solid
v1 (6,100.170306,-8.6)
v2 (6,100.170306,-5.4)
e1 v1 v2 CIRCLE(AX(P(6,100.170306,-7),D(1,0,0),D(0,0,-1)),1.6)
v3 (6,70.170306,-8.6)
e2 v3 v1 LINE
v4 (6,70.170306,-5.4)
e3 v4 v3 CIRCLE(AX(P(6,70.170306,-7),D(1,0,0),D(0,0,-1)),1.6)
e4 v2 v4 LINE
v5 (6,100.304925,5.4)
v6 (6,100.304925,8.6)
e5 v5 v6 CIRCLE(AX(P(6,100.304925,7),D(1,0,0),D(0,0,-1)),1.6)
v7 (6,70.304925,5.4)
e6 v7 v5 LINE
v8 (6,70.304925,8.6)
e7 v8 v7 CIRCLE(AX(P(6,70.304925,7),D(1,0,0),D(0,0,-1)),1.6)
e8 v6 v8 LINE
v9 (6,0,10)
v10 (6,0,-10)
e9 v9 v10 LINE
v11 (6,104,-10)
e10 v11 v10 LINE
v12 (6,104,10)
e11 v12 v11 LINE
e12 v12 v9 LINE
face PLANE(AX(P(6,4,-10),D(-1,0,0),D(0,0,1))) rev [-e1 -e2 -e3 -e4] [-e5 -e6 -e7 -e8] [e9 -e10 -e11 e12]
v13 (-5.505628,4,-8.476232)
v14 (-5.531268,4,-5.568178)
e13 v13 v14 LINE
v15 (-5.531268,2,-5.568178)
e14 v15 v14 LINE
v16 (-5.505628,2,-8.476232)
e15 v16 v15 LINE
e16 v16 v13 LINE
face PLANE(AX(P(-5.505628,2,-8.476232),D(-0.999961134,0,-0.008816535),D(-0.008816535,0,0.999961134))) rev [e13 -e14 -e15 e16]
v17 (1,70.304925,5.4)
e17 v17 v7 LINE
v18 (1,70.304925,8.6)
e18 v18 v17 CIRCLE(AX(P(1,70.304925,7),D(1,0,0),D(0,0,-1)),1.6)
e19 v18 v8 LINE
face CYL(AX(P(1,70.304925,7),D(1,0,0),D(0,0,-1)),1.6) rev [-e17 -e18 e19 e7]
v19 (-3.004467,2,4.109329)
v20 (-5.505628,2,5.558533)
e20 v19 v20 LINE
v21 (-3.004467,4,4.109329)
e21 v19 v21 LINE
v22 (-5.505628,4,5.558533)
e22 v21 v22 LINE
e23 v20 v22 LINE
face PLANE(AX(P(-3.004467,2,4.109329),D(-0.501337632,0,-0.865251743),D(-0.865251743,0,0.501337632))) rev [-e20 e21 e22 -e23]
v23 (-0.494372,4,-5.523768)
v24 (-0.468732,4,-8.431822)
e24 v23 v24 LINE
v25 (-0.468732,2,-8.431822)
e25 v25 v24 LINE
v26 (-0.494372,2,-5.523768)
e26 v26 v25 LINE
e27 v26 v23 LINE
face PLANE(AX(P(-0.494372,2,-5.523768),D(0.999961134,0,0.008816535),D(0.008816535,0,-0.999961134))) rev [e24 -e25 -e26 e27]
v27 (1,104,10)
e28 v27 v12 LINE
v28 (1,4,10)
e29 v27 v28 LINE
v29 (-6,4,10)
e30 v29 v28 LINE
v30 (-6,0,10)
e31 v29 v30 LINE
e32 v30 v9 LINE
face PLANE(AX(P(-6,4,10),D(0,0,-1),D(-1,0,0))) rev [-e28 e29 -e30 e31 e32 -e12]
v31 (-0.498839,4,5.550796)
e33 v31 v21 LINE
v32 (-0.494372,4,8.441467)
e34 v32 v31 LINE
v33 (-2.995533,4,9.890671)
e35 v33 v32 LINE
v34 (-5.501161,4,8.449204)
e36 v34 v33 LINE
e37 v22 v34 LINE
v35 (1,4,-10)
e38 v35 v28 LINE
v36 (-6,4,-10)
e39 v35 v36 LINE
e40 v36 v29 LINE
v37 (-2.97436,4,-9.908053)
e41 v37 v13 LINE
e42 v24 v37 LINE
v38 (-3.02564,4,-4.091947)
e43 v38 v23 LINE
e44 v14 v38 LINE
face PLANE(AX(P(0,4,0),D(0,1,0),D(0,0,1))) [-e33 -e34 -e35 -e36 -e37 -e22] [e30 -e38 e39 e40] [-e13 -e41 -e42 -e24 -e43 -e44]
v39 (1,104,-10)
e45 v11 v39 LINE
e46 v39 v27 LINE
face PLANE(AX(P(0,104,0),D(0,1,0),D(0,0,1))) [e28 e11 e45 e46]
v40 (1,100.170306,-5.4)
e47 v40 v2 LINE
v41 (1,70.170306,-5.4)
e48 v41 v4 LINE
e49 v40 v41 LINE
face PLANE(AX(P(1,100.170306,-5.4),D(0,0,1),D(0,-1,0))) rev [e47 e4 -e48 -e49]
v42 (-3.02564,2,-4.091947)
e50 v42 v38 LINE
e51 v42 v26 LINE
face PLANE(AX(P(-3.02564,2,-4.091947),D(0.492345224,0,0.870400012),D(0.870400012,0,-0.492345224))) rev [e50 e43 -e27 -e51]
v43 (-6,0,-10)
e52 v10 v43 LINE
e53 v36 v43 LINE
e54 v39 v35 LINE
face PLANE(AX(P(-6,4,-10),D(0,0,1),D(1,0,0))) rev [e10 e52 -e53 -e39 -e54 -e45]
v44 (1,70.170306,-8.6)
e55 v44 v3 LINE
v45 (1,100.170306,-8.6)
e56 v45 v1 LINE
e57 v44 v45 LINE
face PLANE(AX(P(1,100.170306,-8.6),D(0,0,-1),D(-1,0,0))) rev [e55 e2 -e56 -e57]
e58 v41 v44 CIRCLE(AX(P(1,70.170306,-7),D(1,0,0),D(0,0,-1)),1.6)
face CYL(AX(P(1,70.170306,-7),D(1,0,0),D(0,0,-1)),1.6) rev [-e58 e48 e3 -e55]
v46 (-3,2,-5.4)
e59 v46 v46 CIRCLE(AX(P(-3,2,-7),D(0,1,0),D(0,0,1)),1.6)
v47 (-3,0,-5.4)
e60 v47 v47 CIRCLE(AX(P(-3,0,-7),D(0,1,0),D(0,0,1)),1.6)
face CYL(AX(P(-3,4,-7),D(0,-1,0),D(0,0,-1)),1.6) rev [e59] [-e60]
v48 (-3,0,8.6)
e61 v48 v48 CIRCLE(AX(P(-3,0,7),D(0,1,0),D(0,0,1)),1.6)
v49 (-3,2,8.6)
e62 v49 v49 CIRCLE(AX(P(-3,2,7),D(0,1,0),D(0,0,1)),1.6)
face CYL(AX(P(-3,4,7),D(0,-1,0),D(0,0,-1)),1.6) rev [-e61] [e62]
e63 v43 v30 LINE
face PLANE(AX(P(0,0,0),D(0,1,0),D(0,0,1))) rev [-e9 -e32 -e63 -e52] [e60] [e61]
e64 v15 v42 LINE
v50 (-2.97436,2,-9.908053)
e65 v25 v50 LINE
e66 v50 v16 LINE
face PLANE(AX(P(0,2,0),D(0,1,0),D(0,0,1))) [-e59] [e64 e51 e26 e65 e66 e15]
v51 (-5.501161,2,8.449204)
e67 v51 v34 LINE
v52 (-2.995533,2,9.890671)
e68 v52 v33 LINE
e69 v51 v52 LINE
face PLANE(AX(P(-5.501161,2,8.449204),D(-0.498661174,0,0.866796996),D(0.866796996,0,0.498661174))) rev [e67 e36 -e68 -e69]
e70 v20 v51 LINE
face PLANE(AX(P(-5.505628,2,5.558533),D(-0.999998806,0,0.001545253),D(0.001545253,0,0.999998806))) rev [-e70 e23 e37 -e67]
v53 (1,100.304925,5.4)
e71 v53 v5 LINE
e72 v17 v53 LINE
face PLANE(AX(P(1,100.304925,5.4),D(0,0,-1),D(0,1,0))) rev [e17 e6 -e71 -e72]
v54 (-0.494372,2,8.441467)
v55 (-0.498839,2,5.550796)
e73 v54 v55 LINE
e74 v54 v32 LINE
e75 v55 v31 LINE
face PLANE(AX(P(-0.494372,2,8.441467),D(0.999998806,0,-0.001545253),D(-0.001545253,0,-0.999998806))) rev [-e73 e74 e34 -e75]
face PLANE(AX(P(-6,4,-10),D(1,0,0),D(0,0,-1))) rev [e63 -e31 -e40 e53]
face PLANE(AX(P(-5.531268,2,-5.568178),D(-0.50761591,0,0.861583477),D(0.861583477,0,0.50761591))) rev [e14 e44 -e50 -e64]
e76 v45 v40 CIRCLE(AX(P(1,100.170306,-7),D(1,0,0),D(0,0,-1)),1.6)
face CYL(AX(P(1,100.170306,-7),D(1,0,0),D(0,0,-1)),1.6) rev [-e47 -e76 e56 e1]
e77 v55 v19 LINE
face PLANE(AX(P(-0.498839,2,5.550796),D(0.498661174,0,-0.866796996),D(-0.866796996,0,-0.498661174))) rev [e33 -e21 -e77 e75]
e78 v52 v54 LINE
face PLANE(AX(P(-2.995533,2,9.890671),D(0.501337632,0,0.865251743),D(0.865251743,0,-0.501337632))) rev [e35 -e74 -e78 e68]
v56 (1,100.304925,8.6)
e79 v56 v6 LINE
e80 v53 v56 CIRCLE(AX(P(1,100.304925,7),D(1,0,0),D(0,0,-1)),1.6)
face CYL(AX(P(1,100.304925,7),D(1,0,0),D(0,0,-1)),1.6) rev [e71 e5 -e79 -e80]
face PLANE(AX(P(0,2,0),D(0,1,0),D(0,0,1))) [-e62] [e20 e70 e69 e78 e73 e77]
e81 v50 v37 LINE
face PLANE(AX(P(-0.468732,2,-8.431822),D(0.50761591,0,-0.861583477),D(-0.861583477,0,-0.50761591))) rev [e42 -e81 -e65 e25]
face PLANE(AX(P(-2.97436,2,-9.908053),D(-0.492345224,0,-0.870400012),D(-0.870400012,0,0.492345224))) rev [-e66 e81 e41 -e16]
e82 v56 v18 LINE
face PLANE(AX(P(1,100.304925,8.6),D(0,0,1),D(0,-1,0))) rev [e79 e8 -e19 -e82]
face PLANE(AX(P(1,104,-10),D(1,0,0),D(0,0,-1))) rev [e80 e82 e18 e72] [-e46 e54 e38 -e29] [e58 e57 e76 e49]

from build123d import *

# Parameters (mm, degrees)
SKETCH1_W           = 12
SKETCH1_H           = 20
SKETCH1_R           = 1.6
BOSS_EXTRUDE1_DEPTH = 4
SKETCH18_W          = 5
SKETCH18_H          = 20
BOSS_EXTRUDE3_DEPTH = 100
CUT_EXTRUDE4_DEPTH  = 2
CUT_EXTRUDE5_DEPTH  = 5


with BuildPart() as part:
    # Sketch1 → Boss-Extrude1 (new body)
    with BuildSketch(Plane(origin=(0, 0, 0), x_dir=(1, 0, 0), z_dir=(0, 1, 0))):
        Rectangle(SKETCH1_W, SKETCH1_H)
        with Locations((-3, 7)):
            Circle(SKETCH1_R, mode=Mode.SUBTRACT)
        with Locations((-3, -7)):
            Circle(SKETCH1_R, mode=Mode.SUBTRACT)
    extrude(amount=BOSS_EXTRUDE1_DEPTH)

    # Sketch18 → Boss-Extrude3 (add)
    with BuildSketch(Plane(origin=(0, 4, 0), x_dir=(1, 0, 0), z_dir=(0, 1, 0))):
        with Locations((3.5, 0)):
            Rectangle(SKETCH18_W, SKETCH18_H)
    extrude(amount=BOSS_EXTRUDE3_DEPTH)

    # Sketch20 → Cut-Extrude4 (cut)
    with BuildSketch(Plane(origin=(0, 4, 0), x_dir=(1, 0, 0), z_dir=(0, 1, 0))):
        Polygon((-0.494371857, 5.523768453), (-0.468731907, 8.431821851), (-2.97436005, 9.908053397), (-5.505628143, 8.476231547), (-5.531268093, 5.568178149), (-3.02563995, 4.091946603), align=None)
        Polygon((-0.494371857, -8.441467238), (-0.498838682, -5.550795995), (-3.004466825, -4.109328757), (-5.505628143, -5.558532762), (-5.501161318, -8.449204005), (-2.995533175, -9.890671243), align=None)
    extrude(amount=-CUT_EXTRUDE4_DEPTH, mode=Mode.SUBTRACT)

    # Sketch21 → Cut-Extrude5 (cut)
    with BuildSketch(Plane(origin=(6, 0, 0), x_dir=(0, 0, -1), z_dir=(1, 0, 0))):
        with BuildLine():
            Line((-5.4, 100.304925489), (-5.4, 70.304925489))
            ThreePointArc((-5.4, 70.304925489), (-7, 68.704925489), (-8.6, 70.304925489))
            Line((-8.6, 70.304925489), (-8.6, 100.304925489))
            ThreePointArc((-8.6, 100.304925489), (-7, 101.904925489), (-5.4, 100.304925489))
        make_face()
        with BuildLine():
            Line((8.6, 100.170306459), (8.6, 70.170306459))
            ThreePointArc((8.6, 70.170306459), (7, 68.570306459), (5.4, 70.170306459))
            Line((5.4, 70.170306459), (5.4, 100.170306459))
            ThreePointArc((5.4, 100.170306459), (7, 101.770306459), (8.6, 100.170306459))
        make_face()
    extrude(amount=-CUT_EXTRUDE5_DEPTH, mode=Mode.SUBTRACT)


solid = part.part
